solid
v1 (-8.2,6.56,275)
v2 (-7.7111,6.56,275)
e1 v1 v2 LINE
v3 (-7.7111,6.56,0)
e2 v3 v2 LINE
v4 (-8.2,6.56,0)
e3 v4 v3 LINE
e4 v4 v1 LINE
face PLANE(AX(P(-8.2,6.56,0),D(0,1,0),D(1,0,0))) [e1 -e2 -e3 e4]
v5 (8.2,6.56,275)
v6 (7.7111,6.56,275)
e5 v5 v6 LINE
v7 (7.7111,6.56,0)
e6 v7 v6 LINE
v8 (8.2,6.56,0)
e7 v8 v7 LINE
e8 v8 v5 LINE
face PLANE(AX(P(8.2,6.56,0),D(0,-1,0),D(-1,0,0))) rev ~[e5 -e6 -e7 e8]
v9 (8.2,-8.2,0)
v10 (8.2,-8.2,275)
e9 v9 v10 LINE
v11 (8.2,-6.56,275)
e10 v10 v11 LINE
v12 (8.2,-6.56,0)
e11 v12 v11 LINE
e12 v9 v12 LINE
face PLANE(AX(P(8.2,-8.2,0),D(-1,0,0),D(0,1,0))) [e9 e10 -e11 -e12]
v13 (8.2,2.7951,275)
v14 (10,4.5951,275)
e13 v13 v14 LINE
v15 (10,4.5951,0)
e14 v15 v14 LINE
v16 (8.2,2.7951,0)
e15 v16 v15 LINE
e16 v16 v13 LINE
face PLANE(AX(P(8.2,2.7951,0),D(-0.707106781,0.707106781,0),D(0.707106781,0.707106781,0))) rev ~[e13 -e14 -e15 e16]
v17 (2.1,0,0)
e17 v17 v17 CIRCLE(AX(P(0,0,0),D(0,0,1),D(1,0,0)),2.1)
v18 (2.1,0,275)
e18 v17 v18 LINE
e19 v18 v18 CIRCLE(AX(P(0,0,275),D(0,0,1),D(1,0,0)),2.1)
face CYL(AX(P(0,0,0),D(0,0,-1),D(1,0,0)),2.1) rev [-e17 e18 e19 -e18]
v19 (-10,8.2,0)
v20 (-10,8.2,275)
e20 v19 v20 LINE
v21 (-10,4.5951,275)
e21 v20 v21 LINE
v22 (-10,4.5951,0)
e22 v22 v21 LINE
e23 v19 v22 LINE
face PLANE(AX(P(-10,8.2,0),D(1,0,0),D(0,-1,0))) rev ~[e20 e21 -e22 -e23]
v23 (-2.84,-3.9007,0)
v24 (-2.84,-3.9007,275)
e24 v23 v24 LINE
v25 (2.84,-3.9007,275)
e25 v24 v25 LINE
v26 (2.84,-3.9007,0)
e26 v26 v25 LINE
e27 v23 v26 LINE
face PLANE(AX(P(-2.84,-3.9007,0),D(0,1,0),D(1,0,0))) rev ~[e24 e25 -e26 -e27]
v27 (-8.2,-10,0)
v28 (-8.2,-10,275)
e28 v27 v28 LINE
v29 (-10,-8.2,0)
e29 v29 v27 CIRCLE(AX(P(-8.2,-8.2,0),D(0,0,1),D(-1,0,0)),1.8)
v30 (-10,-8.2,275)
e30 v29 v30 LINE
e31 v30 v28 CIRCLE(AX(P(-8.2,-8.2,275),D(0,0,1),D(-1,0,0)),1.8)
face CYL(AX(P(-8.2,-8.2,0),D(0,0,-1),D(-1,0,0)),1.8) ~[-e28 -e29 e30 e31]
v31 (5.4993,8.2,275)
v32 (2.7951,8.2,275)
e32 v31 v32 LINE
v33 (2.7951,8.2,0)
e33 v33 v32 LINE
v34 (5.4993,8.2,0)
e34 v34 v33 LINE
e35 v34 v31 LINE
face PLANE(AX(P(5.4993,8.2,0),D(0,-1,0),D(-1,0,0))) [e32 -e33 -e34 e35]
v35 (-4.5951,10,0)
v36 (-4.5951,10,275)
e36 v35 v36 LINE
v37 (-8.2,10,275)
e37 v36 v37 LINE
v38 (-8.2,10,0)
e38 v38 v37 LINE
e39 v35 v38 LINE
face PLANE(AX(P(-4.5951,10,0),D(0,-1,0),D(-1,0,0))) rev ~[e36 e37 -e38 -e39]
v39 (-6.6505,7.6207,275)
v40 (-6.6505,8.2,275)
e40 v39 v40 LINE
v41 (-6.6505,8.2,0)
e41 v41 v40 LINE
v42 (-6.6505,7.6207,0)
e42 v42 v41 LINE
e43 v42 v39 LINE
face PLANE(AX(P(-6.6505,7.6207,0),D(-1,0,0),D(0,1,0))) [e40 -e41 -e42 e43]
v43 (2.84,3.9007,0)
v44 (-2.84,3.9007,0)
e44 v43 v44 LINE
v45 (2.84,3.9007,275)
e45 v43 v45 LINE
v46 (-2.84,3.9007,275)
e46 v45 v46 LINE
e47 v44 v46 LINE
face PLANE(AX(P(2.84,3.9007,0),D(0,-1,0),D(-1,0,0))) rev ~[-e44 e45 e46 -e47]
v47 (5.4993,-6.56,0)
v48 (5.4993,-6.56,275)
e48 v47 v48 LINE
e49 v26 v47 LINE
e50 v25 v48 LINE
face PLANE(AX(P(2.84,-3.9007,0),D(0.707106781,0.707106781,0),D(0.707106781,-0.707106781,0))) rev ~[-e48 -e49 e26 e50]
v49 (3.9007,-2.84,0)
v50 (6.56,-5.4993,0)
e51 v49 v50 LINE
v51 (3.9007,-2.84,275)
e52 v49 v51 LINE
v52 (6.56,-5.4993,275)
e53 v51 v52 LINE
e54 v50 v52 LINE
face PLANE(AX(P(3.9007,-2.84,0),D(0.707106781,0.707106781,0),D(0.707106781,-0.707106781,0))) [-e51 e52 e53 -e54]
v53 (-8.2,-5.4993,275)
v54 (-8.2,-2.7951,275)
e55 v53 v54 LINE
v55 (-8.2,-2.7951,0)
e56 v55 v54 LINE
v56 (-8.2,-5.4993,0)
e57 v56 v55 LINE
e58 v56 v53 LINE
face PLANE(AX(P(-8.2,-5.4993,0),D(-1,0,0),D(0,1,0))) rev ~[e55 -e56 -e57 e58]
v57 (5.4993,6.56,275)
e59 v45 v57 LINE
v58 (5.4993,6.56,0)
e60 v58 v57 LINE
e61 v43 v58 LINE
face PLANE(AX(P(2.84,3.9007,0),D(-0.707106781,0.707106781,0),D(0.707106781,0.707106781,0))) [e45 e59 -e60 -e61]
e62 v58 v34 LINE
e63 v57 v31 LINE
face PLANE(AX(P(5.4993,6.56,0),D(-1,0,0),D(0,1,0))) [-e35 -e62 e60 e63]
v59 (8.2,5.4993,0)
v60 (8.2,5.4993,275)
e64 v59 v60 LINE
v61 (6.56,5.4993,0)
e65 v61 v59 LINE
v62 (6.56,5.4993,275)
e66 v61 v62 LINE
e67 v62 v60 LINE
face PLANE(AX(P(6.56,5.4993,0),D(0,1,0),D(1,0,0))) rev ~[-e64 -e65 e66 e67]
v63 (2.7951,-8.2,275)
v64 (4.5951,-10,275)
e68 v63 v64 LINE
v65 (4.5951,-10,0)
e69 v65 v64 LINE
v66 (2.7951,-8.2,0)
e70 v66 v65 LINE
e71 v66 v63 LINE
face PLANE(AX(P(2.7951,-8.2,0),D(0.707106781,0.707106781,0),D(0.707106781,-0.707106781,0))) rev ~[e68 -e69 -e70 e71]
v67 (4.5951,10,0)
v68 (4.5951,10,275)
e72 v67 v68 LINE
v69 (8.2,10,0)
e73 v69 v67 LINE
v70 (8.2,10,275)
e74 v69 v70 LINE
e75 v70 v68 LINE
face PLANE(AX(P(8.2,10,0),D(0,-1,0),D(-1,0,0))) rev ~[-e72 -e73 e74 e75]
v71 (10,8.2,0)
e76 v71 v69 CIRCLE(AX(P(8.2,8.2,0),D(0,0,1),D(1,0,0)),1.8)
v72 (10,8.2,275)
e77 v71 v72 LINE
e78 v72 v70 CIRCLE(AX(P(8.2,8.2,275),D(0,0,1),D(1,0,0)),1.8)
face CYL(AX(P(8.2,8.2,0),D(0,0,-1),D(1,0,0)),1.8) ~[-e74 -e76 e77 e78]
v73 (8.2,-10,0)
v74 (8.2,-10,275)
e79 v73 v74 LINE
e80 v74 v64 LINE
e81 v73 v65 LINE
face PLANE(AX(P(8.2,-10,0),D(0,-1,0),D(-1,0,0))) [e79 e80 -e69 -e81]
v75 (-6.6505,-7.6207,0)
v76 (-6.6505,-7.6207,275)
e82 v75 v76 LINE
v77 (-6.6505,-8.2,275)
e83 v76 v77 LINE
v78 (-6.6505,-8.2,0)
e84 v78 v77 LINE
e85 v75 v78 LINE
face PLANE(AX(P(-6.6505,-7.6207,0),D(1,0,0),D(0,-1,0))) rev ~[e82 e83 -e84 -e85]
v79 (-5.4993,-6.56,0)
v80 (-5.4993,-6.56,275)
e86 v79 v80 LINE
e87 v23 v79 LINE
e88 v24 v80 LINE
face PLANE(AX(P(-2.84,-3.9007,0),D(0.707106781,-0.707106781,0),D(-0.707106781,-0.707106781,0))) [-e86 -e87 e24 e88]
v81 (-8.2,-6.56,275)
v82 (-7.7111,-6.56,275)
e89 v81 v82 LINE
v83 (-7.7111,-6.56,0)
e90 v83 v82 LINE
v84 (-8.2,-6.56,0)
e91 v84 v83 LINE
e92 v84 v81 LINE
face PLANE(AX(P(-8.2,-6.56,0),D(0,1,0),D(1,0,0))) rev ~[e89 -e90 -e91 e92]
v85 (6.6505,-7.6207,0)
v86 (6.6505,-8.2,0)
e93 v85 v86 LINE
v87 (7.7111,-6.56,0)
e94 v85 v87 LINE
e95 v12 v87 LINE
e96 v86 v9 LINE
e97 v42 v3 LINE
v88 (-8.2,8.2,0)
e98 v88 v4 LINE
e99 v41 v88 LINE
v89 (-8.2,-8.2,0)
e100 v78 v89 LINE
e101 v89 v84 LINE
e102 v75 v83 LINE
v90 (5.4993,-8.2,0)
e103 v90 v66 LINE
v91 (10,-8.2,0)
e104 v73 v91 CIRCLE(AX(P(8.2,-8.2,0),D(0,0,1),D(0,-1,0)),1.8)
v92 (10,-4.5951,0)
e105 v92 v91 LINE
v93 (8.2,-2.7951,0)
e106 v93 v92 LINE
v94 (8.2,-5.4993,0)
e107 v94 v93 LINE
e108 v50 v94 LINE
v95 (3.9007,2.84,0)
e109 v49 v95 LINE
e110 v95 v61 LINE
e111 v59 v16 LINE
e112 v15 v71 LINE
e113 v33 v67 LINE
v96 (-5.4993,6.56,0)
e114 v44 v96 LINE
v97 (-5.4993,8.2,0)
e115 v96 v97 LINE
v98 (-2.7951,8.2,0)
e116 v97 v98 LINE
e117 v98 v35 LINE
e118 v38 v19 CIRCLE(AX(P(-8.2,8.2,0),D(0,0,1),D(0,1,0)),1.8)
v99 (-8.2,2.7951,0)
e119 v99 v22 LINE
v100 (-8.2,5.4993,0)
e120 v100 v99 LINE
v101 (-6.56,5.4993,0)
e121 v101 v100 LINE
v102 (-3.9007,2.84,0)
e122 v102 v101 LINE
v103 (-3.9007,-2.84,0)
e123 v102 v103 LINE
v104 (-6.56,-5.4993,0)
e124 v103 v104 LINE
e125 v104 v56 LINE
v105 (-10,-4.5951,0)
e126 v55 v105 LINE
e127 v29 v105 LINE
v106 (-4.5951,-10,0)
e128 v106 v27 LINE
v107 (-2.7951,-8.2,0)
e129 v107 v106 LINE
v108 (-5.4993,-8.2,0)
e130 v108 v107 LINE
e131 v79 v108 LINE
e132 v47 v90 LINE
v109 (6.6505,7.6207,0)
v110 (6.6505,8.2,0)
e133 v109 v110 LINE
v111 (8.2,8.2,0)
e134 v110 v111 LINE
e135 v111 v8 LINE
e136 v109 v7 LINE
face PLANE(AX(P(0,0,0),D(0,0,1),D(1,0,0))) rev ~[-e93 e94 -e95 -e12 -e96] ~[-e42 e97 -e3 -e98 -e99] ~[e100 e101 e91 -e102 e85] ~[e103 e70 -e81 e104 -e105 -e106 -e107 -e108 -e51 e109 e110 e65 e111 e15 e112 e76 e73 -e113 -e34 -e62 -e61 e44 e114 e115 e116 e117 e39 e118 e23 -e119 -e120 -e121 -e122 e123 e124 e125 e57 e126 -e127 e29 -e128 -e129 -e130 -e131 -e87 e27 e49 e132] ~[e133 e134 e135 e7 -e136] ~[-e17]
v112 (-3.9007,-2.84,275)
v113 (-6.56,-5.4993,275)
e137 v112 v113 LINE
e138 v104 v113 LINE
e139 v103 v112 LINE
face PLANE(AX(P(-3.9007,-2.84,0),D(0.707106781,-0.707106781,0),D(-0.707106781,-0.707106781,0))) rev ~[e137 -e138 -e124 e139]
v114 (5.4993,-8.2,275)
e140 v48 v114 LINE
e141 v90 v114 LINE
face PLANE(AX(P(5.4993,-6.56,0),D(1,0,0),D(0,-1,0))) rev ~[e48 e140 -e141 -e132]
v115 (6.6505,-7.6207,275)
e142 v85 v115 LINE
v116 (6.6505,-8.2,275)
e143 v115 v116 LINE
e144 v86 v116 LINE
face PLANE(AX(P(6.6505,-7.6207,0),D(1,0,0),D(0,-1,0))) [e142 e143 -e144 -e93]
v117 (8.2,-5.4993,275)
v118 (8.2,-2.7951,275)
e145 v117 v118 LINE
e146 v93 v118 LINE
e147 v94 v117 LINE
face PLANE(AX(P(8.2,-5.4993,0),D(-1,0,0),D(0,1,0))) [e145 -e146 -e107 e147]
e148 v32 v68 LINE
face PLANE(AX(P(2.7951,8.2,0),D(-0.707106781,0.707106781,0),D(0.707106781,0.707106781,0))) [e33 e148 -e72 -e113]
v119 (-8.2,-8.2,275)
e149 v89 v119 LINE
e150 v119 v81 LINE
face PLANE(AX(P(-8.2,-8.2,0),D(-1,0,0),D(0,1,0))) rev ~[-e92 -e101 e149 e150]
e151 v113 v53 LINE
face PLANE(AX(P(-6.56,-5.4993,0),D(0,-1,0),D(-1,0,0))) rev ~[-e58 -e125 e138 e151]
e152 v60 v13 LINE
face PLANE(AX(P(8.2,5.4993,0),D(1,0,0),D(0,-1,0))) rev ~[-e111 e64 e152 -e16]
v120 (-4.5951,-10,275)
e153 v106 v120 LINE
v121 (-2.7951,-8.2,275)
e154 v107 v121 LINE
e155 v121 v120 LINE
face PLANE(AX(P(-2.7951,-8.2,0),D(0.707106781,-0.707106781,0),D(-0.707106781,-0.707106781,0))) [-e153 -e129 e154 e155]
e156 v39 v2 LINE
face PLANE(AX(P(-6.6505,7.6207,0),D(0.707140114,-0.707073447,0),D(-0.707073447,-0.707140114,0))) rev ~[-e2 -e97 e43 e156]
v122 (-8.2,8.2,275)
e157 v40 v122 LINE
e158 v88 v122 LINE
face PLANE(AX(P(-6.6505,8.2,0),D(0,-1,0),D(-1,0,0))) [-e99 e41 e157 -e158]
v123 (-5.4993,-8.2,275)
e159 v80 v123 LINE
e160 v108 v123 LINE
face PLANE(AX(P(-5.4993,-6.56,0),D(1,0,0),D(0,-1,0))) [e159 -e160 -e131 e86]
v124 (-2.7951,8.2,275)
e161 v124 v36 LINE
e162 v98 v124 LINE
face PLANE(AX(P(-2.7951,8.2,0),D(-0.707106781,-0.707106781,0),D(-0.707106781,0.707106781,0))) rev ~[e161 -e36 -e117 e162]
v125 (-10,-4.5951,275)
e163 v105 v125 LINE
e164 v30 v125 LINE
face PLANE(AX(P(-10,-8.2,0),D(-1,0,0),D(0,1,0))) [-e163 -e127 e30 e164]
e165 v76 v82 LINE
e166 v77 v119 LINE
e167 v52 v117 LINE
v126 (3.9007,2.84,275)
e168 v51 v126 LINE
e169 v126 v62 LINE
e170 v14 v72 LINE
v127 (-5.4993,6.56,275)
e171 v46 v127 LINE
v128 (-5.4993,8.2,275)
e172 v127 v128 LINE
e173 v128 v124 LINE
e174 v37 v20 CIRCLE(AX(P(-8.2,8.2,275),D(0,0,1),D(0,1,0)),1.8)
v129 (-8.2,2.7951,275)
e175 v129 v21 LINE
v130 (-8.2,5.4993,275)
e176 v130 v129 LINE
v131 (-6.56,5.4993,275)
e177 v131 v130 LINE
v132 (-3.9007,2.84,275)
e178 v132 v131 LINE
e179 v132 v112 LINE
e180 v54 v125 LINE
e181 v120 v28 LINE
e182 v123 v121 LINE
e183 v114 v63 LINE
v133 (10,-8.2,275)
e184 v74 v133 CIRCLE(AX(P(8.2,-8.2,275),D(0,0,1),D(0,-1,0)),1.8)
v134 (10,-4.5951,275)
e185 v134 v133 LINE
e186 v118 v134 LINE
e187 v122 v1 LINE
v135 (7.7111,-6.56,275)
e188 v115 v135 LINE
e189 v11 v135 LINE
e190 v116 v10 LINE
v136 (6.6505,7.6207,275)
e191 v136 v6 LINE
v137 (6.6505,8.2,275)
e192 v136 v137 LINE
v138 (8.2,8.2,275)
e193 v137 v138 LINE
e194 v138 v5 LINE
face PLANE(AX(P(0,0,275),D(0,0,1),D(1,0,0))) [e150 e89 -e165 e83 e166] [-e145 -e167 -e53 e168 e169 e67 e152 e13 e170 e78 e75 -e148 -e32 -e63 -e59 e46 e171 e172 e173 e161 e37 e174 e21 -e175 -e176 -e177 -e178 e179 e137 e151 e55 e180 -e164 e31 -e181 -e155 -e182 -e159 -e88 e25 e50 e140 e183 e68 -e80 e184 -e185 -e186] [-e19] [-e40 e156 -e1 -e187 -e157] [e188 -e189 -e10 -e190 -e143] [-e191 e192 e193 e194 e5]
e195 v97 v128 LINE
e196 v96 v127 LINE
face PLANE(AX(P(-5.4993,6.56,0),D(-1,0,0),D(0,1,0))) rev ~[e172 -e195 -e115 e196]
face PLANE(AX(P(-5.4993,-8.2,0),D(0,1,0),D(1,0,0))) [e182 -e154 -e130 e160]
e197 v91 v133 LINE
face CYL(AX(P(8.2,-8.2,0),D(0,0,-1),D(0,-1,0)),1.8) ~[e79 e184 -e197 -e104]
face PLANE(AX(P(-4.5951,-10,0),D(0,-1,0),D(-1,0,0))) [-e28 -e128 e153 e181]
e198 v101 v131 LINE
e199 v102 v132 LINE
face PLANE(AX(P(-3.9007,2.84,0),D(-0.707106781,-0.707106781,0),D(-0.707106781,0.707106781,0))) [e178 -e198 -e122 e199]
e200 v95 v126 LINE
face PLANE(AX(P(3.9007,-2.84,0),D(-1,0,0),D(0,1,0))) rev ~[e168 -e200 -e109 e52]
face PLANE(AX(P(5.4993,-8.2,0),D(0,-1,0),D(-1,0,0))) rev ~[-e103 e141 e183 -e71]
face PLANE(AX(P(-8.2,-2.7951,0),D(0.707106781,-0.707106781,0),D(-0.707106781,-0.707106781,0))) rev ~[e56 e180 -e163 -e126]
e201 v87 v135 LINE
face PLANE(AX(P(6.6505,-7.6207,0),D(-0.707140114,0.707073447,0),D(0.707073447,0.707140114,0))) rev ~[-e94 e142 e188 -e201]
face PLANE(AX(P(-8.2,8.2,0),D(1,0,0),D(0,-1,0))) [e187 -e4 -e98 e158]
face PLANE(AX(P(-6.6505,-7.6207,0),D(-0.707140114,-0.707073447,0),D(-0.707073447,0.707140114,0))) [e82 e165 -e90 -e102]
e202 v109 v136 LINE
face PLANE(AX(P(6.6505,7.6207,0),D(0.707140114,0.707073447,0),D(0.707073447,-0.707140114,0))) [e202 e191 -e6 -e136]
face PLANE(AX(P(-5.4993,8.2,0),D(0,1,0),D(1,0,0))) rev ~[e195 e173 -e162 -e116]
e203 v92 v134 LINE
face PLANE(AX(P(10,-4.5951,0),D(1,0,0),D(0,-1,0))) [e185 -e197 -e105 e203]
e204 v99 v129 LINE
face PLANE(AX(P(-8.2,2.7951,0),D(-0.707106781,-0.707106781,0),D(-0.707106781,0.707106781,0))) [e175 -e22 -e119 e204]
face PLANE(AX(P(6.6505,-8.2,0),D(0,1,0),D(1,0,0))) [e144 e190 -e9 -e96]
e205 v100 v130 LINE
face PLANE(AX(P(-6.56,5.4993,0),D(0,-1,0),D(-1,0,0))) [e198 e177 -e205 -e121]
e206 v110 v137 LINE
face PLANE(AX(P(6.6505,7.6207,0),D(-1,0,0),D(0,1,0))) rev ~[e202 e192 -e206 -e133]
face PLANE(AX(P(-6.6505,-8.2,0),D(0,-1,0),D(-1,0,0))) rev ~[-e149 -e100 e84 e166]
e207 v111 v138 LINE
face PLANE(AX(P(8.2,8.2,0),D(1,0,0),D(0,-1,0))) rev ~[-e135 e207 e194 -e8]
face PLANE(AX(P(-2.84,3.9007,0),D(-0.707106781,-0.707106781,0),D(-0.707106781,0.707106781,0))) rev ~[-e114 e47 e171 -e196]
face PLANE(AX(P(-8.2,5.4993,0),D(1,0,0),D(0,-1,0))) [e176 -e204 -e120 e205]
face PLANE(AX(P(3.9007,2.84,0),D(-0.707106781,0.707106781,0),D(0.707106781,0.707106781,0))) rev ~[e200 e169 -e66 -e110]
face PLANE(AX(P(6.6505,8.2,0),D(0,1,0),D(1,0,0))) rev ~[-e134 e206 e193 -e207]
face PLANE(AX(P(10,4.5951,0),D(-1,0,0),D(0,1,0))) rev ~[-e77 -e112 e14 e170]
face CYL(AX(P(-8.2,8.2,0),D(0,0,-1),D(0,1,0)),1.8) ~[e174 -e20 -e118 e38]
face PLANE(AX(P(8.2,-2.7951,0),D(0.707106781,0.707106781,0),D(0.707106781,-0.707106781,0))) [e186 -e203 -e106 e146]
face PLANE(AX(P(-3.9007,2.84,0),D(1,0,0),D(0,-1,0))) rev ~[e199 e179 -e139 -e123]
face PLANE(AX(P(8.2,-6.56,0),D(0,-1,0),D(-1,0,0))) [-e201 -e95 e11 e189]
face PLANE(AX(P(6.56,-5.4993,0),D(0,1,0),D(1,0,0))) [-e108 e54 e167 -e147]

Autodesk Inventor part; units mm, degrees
ref_plane "YZ Plane" through (0, 0, 0) normal (1, 0, 0) x (0, 1, 0)
ref_plane "Start Plane" through (0, 0, 0) normal (0, 0, 1) x (1, 0, 0)
ref_plane "End Plane" through (0, 0, 275) normal (0, 0, 1) x (1, 0, 0)
sketch "Sketch" plane through (0, 0, 0) normal (0, 0, 1) x (1, 0, 0)
  line L0 (10, -4.5951) -> (10, -8.2)
  line L1 (-10, -8.2) -> (-10, -4.5951)
  line L2 (-10, 10) -> (10, -10) construction
  line L3 (10, 10) -> (-10, -10) construction
  circle A0 centre (0, 0) radius 2.1
  line L4 (-2.84, -3.9007) -> (2.84, -3.9007)
  line L5 (3.9007, -2.84) -> (3.9007, 2.84)
  line L6 (2.84, 3.9007) -> (-2.84, 3.9007)
  line L7 (-3.9007, 2.84) -> (-3.9007, -2.84)
  line L8 (-3.9007, -3.9007) -> (3.9007, 3.9007) construction
  line L9 (3.9007, -3.9007) -> (-3.9007, 3.9007) construction
  line L10 (-3.9007, -2.84) -> (-2.84, -3.9007) construction
  line L11 (-2.84, -3.9007) -> (-5.4993, -6.56)
  line L12 (-5.4993, -6.56) -> (-5.4993, -8.2)
  line L13 (-5.4993, -8.2) -> (-2.7951, -8.2)
  line L14 (-2.7951, -8.2) -> (-4.5951, -10)
  line L15 (0, 0) -> (0, -3.9007) construction
  line L16 (3.9007, -2.84) -> (2.84, -3.9007) construction
  line L17 (2.84, -3.9007) -> (5.4993, -6.56)
  line L18 (5.4993, -6.56) -> (5.4993, -8.2)
  line L19 (5.4993, -8.2) -> (2.7951, -8.2)
  line L20 (2.7951, -8.2) -> (4.5951, -10)
  line L21 (-2.84, -3.9007) -> (-3.9007, -2.84) construction
  line L22 (-3.9007, -2.84) -> (-6.56, -5.4993)
  line L23 (-6.56, -5.4993) -> (-8.2, -5.4993)
  line L24 (-8.2, -5.4993) -> (-8.2, -2.7951)
  line L25 (-8.2, -2.7951) -> (-10, -4.5951)
  line L26 (3.9007, -2.84) -> (6.56, -5.4993)
  line L27 (6.56, -5.4993) -> (8.2, -5.4993)
  line L28 (8.2, -5.4993) -> (8.2, -2.7951)
  line L29 (8.2, -2.7951) -> (10, -4.5951)
  arc A1 (-10, -8.2) -> (-8.2, -10) centre (-8.2, -8.2) ccw
  arc A2 (8.2, -10) -> (10, -8.2) centre (8.2, -8.2) ccw
  line L30 (-8.2, -6.56) -> (-7.7111, -6.56)
  line L31 (-6.6505, -8.2) -> (-8.2, -8.2)
  line L32 (-8.2, -8.2) -> (-8.2, -6.56)
  line L33 (-6.6505, -7.6207) -> (-7.7111, -6.56)
  line L34 (-6.6505, -7.6207) -> (-6.6505, -8.2)
  line L35 (8.2, -6.56) -> (7.7111, -6.56)
  line L36 (6.6505, -8.2) -> (8.2, -8.2)
  line L37 (8.2, -8.2) -> (8.2, -6.56)
  line L38 (6.6505, -7.6207) -> (7.7111, -6.56)
  line L39 (6.6505, -7.6207) -> (6.6505, -8.2)
  line L40 (8.2, -10) -> (4.5951, -10)
  line L41 (-4.5951, -10) -> (-8.2, -10)
  line L42 (-3.9007, 0) -> (3.9007, 0) construction
  line L43 (10, 4.5951) -> (10, 8.2)
  line L44 (-10, 8.2) -> (-10, 4.5951)
  line L45 (-2.84, 3.9007) -> (2.84, 3.9007)
  line L46 (-3.9007, 2.84) -> (-2.84, 3.9007) construction
  line L47 (-2.84, 3.9007) -> (-5.4993, 6.56)
  line L48 (-5.4993, 6.56) -> (-5.4993, 8.2)
  line L49 (-5.4993, 8.2) -> (-2.7951, 8.2)
  line L50 (-2.7951, 8.2) -> (-4.5951, 10)
  line L51 (2.84, 3.9007) -> (5.4993, 6.56)
  line L52 (5.4993, 6.56) -> (5.4993, 8.2)
  line L53 (5.4993, 8.2) -> (2.7951, 8.2)
  line L54 (2.7951, 8.2) -> (4.5951, 10)
  line L55 (3.9007, 2.84) -> (2.84, 3.9007) construction
  line L56 (-8.2, 2.7951) -> (-10, 4.5951)
  line L57 (-2.84, 3.9007) -> (-3.9007, 2.84) construction
  line L58 (-3.9007, 2.84) -> (-6.56, 5.4993)
  line L59 (-6.56, 5.4993) -> (-8.2, 5.4993)
  line L60 (-8.2, 5.4993) -> (-8.2, 2.7951)
  line L61 (3.9007, 2.84) -> (6.56, 5.4993)
  line L62 (6.56, 5.4993) -> (8.2, 5.4993)
  line L63 (8.2, 5.4993) -> (8.2, 2.7951)
  line L64 (8.2, 2.7951) -> (10, 4.5951)
  arc A3 (-8.2, 10) -> (-10, 8.2) centre (-8.2, 8.2) ccw
  arc A4 (10, 8.2) -> (8.2, 10) centre (8.2, 8.2) ccw
  line L65 (-8.2, 6.56) -> (-7.7111, 6.56)
  line L66 (-6.6505, 8.2) -> (-8.2, 8.2)
  line L67 (-8.2, 8.2) -> (-8.2, 6.56)
  line L68 (-6.6505, 7.6207) -> (-7.7111, 6.56)
  line L69 (-6.6505, 7.6207) -> (-6.6505, 8.2)
  line L70 (8.2, 6.56) -> (7.7111, 6.56)
  line L71 (6.6505, 7.6207) -> (7.7111, 6.56)
  line L72 (8.2, 8.2) -> (8.2, 6.56)
  line L73 (6.6505, 7.6207) -> (6.6505, 8.2)
  line L74 (6.6505, 8.2) -> (8.2, 8.2)
  line L75 (8.2, 10) -> (4.5951, 10)
  line L76 (-4.5951, 10) -> (-8.2, 10)
  line L77 (-8.2, 10) -> (-4.5951, 10)
  line L78 (4.5951, 10) -> (8.2, 10)
  point P0 (8.2, -8.2)
  point P1 (0, 3.9007)
  point P2 (8.2, 8.2)
  dimension "Width" = 20
  dimension "Height" = 20
  dimension "d2" = 4.2
  dimension "d3" = 1.5
  dimension "d4" = 1.64
  dimension "d6" = 5.68
  dimension "d7" = 1.8
  dimension "d9" = 1.5
extrude "Body" add sketch "Sketch" along normal up to surface (275 mm away) from surface at 0
sketch "Sketch4" plane through (0, 0, 0) normal (0, 0, 1) x (1, 0, 0)
  line L0 (0, 0) -> (10, 0)
ref_plane "Work Plane4" through (0, 0, 0) normal (0, -1, 0) x (1, 0, 0)
sketch "Sketch5" plane through (0, 0, 0) normal (0, -1, 0) x (1, 0, 0)
  line L0 (-2, 0) -> (12, 0) construction
  line L1 (-2, 275) -> (12, 275) construction
  dimension "d17" = 275
equation "\"G_OFFSET_START\" = 0"
equation "\"G_OFFSET_END\" = 0"
equation "\"d13\" = Length + G_OFFSET_END"
equation "\"G_L\" = d17"
equation "\"Length\" = 275"
properties part number "V-slot 20 mm x 20 mm" material "Aluminum 6061"
